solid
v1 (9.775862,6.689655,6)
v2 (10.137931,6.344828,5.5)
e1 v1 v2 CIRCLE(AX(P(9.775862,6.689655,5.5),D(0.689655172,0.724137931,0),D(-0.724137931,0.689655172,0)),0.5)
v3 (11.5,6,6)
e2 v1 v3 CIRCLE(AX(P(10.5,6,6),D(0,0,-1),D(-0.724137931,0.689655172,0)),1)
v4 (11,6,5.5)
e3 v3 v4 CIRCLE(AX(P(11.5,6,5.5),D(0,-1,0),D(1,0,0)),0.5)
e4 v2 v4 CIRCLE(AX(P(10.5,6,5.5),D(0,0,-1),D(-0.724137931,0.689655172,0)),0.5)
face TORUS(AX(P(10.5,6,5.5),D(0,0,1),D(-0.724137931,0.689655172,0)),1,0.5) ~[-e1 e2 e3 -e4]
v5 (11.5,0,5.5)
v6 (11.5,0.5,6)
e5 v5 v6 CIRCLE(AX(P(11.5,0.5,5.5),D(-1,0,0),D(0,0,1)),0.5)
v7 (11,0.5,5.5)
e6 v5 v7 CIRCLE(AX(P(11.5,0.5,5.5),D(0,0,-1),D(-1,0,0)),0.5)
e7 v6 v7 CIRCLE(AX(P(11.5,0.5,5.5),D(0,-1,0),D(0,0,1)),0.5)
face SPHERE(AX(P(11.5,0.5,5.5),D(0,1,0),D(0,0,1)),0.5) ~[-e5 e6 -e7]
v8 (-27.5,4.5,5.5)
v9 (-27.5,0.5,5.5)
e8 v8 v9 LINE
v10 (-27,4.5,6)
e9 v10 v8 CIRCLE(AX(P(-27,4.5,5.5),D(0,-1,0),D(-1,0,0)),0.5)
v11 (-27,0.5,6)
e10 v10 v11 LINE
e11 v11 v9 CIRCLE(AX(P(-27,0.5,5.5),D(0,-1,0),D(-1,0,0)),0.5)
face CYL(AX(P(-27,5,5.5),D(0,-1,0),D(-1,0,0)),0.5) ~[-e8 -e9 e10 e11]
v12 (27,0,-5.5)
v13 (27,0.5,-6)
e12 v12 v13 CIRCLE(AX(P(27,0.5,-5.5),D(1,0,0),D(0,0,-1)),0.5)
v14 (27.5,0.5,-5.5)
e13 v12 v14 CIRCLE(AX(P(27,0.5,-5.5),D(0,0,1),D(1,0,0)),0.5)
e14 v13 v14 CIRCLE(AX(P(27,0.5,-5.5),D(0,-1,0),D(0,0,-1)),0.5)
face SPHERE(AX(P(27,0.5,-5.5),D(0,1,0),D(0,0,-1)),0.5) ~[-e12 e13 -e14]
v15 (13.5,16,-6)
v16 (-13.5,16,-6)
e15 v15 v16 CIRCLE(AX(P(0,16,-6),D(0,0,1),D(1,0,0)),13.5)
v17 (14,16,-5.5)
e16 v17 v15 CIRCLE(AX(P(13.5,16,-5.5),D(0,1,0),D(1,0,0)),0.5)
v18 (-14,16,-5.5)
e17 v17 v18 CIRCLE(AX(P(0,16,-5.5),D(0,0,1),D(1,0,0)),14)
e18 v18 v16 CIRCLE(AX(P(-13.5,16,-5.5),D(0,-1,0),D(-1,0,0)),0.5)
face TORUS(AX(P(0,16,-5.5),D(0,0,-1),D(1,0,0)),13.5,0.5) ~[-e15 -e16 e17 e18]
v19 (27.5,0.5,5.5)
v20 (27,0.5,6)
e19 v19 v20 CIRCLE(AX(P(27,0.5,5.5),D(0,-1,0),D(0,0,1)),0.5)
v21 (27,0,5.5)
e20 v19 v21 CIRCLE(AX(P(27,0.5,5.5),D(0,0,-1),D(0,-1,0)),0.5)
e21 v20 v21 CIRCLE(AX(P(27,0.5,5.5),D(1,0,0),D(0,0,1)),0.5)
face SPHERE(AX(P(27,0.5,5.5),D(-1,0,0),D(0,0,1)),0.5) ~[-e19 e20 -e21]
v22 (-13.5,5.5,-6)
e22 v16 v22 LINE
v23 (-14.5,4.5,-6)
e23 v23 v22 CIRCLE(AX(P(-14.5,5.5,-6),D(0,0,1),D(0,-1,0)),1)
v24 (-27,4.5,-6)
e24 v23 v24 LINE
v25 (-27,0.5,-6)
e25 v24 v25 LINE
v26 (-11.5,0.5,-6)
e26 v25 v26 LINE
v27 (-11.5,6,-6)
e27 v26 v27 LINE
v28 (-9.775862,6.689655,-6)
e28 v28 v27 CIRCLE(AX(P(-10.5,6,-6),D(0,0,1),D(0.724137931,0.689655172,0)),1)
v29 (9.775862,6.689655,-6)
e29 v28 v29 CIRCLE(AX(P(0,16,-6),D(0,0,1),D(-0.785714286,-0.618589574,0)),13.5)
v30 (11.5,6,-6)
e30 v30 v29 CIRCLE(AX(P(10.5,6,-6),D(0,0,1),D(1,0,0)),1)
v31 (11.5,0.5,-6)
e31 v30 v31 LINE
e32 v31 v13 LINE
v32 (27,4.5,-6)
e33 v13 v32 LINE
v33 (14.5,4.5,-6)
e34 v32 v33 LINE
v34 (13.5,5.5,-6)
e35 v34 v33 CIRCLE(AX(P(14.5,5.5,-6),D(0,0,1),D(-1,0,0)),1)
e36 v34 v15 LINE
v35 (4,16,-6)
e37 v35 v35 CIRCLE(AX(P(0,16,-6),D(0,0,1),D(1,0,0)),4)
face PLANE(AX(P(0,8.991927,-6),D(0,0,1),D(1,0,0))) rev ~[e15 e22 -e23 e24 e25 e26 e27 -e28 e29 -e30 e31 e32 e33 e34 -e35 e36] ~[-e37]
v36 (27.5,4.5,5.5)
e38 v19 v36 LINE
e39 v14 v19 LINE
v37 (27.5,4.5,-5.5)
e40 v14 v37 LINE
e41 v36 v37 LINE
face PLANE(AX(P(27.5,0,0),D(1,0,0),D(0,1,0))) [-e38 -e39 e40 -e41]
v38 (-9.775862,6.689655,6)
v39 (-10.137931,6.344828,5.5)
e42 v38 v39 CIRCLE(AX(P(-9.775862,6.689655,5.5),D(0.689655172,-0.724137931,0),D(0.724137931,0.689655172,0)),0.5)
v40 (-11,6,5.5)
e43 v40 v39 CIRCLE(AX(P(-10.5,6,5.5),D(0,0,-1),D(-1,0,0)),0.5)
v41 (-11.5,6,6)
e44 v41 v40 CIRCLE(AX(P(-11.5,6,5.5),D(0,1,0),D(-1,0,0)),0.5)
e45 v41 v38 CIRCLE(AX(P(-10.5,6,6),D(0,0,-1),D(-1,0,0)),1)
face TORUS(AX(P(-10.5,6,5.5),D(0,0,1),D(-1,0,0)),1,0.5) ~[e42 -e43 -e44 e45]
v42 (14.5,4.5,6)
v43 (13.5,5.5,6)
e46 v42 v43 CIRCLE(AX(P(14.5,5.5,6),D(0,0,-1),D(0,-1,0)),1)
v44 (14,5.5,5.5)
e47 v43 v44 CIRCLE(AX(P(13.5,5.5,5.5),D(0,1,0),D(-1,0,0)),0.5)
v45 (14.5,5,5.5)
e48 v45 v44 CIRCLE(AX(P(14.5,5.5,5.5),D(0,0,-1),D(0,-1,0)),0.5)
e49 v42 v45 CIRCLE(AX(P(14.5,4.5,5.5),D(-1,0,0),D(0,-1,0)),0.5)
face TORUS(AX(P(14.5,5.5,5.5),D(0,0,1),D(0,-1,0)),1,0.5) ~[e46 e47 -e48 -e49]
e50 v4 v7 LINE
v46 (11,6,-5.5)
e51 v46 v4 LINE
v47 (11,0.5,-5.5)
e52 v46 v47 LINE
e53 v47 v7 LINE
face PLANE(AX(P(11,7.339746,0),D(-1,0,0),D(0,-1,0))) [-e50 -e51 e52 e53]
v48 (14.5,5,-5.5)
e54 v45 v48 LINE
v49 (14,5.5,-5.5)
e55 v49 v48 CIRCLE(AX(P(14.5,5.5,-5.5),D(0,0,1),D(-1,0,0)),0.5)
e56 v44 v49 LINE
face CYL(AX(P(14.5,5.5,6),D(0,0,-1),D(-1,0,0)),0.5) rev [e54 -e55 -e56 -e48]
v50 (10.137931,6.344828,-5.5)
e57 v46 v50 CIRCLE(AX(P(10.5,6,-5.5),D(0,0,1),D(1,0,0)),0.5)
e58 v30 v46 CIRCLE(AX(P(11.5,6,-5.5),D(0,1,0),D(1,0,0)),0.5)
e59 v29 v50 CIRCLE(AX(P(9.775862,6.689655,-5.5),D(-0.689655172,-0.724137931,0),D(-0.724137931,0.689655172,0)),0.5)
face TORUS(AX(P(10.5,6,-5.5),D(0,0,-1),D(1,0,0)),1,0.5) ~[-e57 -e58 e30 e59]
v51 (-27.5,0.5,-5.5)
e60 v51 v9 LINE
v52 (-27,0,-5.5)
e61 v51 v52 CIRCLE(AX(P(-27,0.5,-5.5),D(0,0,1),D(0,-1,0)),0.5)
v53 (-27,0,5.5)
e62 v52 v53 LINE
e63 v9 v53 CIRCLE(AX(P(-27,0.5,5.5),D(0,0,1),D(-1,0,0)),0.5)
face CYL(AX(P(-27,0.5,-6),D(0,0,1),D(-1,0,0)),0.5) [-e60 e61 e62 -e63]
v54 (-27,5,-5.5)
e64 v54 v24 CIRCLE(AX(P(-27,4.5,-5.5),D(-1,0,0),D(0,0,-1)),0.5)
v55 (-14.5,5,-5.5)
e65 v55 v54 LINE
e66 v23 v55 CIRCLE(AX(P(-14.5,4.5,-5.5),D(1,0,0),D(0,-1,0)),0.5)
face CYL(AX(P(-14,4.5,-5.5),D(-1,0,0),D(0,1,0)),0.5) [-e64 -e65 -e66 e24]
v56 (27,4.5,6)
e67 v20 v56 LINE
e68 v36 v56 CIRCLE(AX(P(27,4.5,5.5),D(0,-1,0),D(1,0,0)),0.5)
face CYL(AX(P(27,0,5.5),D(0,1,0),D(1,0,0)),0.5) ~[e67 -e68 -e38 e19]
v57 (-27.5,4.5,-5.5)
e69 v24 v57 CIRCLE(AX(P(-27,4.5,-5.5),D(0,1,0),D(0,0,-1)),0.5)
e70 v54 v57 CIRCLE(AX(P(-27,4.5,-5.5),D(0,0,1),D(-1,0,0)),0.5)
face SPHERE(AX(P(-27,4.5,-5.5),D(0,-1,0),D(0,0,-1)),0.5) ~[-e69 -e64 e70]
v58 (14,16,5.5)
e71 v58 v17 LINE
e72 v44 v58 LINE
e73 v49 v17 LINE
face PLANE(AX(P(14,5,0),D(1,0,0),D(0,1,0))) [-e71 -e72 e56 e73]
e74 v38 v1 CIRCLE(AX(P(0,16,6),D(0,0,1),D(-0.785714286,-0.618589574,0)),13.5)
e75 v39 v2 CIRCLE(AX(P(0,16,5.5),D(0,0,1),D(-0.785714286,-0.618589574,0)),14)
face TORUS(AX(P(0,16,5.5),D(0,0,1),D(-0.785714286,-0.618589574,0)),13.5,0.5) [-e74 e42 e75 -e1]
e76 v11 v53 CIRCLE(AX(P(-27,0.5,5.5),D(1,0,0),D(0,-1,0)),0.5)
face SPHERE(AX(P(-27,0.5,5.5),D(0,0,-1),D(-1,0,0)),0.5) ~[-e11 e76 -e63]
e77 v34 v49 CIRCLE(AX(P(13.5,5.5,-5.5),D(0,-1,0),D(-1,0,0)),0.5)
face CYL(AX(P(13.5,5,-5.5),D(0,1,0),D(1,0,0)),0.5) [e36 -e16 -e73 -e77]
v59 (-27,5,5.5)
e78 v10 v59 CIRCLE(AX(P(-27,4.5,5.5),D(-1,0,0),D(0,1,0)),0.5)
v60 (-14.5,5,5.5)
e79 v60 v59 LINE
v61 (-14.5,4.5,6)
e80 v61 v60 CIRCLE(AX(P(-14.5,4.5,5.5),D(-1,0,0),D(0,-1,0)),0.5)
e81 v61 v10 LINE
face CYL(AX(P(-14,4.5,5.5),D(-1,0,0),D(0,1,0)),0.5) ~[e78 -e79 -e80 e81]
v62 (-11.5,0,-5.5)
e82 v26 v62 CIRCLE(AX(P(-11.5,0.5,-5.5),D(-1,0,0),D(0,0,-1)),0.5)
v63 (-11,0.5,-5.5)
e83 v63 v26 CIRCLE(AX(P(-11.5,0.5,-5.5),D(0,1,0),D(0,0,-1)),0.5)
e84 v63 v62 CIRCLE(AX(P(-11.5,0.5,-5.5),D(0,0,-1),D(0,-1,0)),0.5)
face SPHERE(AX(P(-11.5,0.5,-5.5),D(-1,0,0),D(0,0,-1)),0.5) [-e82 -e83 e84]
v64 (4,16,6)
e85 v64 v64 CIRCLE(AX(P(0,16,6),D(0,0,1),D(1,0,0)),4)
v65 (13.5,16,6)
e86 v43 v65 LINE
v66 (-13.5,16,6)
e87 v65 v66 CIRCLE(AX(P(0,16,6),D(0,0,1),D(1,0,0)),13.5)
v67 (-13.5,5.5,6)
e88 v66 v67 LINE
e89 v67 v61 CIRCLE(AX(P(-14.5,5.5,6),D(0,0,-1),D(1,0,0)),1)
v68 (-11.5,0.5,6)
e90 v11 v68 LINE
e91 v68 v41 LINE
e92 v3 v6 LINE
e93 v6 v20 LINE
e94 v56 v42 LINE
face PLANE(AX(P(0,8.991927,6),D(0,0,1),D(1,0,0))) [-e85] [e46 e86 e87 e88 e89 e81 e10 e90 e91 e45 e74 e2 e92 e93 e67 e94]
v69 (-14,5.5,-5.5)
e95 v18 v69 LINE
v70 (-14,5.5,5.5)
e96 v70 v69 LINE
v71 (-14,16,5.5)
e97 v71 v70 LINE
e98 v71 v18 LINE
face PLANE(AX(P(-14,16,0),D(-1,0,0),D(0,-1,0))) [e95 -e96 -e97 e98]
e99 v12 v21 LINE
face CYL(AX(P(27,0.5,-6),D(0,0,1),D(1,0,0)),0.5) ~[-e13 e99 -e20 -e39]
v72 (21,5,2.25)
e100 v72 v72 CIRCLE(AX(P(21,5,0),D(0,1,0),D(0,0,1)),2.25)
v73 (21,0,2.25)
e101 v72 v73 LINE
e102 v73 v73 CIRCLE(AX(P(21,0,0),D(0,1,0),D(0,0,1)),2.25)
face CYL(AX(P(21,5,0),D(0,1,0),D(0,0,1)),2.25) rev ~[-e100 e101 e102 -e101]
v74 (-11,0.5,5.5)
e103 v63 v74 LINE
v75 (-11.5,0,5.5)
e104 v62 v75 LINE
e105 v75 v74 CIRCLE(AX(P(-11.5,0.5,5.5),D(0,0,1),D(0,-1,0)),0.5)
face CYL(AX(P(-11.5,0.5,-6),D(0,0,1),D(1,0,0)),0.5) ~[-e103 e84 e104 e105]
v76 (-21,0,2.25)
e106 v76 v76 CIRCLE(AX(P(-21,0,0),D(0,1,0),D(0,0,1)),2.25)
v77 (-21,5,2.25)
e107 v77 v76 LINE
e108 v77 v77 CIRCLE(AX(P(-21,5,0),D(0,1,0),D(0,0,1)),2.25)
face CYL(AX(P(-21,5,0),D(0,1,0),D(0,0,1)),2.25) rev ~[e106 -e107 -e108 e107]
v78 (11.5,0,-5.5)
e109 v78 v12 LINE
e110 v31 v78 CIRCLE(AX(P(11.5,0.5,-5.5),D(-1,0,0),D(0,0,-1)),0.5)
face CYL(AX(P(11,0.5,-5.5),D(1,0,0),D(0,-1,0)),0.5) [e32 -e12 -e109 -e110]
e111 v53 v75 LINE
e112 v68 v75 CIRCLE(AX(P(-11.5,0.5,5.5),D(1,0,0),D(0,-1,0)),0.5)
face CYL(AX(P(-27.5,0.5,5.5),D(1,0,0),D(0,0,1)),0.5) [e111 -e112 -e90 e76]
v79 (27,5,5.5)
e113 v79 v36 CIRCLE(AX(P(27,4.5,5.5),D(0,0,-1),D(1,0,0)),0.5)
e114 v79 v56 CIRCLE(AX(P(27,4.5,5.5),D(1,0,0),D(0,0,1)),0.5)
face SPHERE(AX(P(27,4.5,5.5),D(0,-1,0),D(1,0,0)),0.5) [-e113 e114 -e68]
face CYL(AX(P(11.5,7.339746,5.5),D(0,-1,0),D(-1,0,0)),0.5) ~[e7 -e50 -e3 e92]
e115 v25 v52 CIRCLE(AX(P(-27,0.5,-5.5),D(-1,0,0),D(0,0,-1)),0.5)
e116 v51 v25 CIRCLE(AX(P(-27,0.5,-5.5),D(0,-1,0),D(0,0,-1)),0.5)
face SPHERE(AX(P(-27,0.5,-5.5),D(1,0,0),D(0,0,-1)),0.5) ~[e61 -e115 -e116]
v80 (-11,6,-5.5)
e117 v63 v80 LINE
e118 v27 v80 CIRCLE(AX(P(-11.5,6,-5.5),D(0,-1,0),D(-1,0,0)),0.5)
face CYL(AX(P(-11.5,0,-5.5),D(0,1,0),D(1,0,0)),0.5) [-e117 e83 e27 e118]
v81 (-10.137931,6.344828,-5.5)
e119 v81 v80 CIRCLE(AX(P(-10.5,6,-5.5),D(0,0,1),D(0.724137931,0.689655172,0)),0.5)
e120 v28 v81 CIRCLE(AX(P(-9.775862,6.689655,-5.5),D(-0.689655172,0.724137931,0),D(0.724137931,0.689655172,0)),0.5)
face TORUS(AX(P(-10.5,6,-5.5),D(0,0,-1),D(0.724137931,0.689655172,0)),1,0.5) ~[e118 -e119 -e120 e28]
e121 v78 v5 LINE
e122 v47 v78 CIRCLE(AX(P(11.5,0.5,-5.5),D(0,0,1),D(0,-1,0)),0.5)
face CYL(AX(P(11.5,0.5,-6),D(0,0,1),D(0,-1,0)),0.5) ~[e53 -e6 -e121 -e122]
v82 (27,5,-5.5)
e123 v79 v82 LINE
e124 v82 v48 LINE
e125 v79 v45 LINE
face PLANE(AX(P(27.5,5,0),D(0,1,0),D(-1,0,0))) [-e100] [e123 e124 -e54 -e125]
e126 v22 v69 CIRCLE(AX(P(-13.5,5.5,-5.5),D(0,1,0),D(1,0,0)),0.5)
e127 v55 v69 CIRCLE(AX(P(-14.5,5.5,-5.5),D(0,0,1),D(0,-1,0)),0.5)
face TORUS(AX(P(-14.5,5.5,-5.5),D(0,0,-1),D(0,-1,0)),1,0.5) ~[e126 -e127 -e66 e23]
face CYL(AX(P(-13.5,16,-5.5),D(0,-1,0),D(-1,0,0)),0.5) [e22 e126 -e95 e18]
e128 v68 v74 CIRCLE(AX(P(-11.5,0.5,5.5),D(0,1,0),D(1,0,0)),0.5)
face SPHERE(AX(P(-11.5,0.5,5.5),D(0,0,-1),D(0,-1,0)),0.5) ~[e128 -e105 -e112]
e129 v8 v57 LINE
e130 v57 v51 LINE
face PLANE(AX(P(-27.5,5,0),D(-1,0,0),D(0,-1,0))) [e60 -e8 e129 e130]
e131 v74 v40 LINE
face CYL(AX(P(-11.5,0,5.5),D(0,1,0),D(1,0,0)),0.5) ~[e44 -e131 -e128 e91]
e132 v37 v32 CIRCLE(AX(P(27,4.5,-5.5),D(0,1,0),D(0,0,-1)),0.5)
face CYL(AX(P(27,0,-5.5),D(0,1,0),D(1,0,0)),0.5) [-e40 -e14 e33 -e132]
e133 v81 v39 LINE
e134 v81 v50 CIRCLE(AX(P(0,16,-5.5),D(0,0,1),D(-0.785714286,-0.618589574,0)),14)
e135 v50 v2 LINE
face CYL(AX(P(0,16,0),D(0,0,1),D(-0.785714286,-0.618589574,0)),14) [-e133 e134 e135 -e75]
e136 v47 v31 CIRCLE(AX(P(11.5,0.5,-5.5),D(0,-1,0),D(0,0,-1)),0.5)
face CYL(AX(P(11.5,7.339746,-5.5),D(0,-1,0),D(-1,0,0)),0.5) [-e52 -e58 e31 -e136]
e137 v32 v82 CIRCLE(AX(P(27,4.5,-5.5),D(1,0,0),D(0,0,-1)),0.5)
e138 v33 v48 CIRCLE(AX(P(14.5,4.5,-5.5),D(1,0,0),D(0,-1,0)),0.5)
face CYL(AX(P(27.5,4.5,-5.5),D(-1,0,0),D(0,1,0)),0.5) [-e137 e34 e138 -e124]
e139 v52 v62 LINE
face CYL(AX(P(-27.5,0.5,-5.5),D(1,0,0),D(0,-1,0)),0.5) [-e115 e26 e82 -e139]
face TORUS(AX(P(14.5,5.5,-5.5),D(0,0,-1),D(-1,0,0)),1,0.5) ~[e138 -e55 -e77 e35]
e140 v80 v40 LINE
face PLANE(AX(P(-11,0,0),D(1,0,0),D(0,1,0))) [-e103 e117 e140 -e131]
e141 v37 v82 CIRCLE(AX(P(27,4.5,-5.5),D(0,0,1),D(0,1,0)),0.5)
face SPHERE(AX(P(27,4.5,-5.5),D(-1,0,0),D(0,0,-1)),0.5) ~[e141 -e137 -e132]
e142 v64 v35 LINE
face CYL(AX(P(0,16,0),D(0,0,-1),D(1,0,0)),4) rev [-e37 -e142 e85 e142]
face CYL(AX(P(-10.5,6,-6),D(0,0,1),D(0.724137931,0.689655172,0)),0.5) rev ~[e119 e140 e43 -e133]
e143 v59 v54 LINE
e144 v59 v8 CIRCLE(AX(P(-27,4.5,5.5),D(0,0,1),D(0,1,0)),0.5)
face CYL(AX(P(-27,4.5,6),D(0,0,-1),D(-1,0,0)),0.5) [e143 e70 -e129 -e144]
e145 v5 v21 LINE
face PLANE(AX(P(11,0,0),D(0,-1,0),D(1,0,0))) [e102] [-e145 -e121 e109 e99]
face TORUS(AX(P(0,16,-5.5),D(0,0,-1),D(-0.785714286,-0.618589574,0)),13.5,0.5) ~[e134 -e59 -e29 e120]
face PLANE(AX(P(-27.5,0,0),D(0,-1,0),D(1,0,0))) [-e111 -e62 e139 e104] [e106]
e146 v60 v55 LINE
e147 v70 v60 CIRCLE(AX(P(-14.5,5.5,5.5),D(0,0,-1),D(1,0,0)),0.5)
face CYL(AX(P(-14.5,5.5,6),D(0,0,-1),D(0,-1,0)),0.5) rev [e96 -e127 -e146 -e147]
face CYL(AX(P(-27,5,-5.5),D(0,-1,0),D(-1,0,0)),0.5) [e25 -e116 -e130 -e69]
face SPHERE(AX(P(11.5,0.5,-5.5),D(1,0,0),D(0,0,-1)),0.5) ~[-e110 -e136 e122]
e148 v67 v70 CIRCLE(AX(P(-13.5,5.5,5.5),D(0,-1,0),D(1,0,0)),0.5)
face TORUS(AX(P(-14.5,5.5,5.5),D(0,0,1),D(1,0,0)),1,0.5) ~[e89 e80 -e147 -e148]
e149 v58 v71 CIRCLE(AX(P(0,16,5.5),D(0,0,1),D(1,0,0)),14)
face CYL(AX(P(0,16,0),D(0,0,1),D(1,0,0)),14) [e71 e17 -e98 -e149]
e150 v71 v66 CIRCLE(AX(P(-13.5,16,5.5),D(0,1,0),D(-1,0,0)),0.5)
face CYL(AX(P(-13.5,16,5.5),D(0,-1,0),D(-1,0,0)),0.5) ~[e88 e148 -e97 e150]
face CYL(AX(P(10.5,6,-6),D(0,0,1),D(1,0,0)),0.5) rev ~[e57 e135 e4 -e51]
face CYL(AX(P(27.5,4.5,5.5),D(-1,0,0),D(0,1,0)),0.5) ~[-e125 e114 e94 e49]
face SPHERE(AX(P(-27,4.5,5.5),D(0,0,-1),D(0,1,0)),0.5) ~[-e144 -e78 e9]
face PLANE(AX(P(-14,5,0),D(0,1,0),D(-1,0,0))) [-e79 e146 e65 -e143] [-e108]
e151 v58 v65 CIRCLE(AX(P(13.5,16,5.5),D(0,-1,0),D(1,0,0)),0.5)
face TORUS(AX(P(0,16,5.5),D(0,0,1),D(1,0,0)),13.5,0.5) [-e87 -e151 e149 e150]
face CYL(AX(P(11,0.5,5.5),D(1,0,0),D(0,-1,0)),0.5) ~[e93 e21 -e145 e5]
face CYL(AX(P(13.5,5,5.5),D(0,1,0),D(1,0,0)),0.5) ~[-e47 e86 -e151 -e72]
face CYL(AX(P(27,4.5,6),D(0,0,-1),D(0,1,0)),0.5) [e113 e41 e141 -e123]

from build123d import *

# Parameters (mm, degrees)
SKETCH_1_R          = 4
EXTRUDE_6_DEPTH     = 6
FILLET_2_R          = 0.5
CUT_EXTRUDE_1_REACH = 39.646
SKETCH_5_R          = 2.25
CUT_EXTRUDE_2_REACH = 39.646
SKETCH_8_R          = 2.25


with BuildPart() as part:
    # 草图1 → 凸台-拉伸6 (new, symmetric)
    with BuildSketch(Plane.XY):
        with BuildLine():
            Line((-27.5, 5), (-27.5, 0))
            Line((-27.5, 0), (-11, 0))
            Line((-11, 0), (-11, 7.339745962))
            ThreePointArc((-11, 7.339745962), (0, 2), (11, 7.339745962))
            Line((11, 7.339745962), (11, 0))
            Line((11, 0), (27.5, 0))
            Line((27.5, 0), (27.5, 5))
            Line((27.5, 5), (14, 5))
            Line((14, 5), (14, 16))
            ThreePointArc((14, 16), (0, 30), (-14, 16))
            Line((-14, 16), (-14, 5))
            Line((-14, 5), (-27.5, 5))
        make_face()
        with Locations((0, 16)):
            Circle(SKETCH_1_R, mode=Mode.SUBTRACT)
    extrude(amount=EXTRUDE_6_DEPTH, both=True)

    # 圆角2
    fillet_2_edges = [part.edges().sort_by_distance(p)[0] for p in [
        (11, 3.669872981, 6),
        (-19.25, 0, -6),
        (-27.5, 2.5, -6),
        (-20.75, 5, -6),
        (-14, 10.5, -6),
        (0, 30, -6),
        (14, 10.5, -6),
        (20.75, 5, -6),
        (19.25, 0, 6),
        (27.5, 2.5, -6),
        (19.25, 0, -6),
        (11, 3.669872981, -6),
        (0, 2, -6),
        (-11, 3.669872981, -6),
        (27.5, 2.5, 6),
        (-11, 0, 0),
        (-27.5, 0, 0),
        (-27.5, 5, 0),
        (-14, 5, 0),
        (14, 5, 0),
        (27.5, 5, 0),
        (27.5, 0, 0),
        (11, 0, 0),
        (11, 7.339745962, 0),
        (-11, 7.339745962, 0),
        (20.75, 5, 6),
        (14, 10.5, 6),
        (0, 30, 6),
        (-14, 10.5, 6),
        (-20.75, 5, 6),
        (-27.5, 2.5, 6),
        (-19.25, 0, 6),
        (-11, 3.669872981, 6),
        (0, 2, 6),
    ]]
    fillet(fillet_2_edges, radius=FILLET_2_R)

    # 草图5 → 切除-拉伸1 (cut, up to next)
    with BuildSketch(Plane(origin=(0, 5, 0), x_dir=(1, 0, 0), z_dir=(0, 1, 0)), mode=Mode.PRIVATE) as cut_extrude_1_sk1:
        with Locations(Location((21, 0, 0), (0, 0, 270))):
            Circle(SKETCH_5_R)
    cut_extrude_1_tool1 = extrude(cut_extrude_1_sk1.sketch, amount=-CUT_EXTRUDE_1_REACH, mode=Mode.PRIVATE) & part.part
    add(cut_extrude_1_tool1.solids().sort_by_distance((21, 5, 0))[0], mode=Mode.SUBTRACT)

    # 草图8 → 切除-拉伸2 (cut, up to next)
    with BuildSketch(Plane(origin=(0, 5, 0), x_dir=(1, 0, 0), z_dir=(0, 1, 0)), mode=Mode.PRIVATE) as cut_extrude_2_sk1:
        with Locations(Location((-21, 0, 0), (0, 0, 270))):
            Circle(SKETCH_8_R)
    cut_extrude_2_tool1 = extrude(cut_extrude_2_sk1.sketch, amount=-CUT_EXTRUDE_2_REACH, mode=Mode.PRIVATE) & part.part
    add(cut_extrude_2_tool1.solids().sort_by_distance((-21, 5, 0))[0], mode=Mode.SUBTRACT)


solid = part.part
